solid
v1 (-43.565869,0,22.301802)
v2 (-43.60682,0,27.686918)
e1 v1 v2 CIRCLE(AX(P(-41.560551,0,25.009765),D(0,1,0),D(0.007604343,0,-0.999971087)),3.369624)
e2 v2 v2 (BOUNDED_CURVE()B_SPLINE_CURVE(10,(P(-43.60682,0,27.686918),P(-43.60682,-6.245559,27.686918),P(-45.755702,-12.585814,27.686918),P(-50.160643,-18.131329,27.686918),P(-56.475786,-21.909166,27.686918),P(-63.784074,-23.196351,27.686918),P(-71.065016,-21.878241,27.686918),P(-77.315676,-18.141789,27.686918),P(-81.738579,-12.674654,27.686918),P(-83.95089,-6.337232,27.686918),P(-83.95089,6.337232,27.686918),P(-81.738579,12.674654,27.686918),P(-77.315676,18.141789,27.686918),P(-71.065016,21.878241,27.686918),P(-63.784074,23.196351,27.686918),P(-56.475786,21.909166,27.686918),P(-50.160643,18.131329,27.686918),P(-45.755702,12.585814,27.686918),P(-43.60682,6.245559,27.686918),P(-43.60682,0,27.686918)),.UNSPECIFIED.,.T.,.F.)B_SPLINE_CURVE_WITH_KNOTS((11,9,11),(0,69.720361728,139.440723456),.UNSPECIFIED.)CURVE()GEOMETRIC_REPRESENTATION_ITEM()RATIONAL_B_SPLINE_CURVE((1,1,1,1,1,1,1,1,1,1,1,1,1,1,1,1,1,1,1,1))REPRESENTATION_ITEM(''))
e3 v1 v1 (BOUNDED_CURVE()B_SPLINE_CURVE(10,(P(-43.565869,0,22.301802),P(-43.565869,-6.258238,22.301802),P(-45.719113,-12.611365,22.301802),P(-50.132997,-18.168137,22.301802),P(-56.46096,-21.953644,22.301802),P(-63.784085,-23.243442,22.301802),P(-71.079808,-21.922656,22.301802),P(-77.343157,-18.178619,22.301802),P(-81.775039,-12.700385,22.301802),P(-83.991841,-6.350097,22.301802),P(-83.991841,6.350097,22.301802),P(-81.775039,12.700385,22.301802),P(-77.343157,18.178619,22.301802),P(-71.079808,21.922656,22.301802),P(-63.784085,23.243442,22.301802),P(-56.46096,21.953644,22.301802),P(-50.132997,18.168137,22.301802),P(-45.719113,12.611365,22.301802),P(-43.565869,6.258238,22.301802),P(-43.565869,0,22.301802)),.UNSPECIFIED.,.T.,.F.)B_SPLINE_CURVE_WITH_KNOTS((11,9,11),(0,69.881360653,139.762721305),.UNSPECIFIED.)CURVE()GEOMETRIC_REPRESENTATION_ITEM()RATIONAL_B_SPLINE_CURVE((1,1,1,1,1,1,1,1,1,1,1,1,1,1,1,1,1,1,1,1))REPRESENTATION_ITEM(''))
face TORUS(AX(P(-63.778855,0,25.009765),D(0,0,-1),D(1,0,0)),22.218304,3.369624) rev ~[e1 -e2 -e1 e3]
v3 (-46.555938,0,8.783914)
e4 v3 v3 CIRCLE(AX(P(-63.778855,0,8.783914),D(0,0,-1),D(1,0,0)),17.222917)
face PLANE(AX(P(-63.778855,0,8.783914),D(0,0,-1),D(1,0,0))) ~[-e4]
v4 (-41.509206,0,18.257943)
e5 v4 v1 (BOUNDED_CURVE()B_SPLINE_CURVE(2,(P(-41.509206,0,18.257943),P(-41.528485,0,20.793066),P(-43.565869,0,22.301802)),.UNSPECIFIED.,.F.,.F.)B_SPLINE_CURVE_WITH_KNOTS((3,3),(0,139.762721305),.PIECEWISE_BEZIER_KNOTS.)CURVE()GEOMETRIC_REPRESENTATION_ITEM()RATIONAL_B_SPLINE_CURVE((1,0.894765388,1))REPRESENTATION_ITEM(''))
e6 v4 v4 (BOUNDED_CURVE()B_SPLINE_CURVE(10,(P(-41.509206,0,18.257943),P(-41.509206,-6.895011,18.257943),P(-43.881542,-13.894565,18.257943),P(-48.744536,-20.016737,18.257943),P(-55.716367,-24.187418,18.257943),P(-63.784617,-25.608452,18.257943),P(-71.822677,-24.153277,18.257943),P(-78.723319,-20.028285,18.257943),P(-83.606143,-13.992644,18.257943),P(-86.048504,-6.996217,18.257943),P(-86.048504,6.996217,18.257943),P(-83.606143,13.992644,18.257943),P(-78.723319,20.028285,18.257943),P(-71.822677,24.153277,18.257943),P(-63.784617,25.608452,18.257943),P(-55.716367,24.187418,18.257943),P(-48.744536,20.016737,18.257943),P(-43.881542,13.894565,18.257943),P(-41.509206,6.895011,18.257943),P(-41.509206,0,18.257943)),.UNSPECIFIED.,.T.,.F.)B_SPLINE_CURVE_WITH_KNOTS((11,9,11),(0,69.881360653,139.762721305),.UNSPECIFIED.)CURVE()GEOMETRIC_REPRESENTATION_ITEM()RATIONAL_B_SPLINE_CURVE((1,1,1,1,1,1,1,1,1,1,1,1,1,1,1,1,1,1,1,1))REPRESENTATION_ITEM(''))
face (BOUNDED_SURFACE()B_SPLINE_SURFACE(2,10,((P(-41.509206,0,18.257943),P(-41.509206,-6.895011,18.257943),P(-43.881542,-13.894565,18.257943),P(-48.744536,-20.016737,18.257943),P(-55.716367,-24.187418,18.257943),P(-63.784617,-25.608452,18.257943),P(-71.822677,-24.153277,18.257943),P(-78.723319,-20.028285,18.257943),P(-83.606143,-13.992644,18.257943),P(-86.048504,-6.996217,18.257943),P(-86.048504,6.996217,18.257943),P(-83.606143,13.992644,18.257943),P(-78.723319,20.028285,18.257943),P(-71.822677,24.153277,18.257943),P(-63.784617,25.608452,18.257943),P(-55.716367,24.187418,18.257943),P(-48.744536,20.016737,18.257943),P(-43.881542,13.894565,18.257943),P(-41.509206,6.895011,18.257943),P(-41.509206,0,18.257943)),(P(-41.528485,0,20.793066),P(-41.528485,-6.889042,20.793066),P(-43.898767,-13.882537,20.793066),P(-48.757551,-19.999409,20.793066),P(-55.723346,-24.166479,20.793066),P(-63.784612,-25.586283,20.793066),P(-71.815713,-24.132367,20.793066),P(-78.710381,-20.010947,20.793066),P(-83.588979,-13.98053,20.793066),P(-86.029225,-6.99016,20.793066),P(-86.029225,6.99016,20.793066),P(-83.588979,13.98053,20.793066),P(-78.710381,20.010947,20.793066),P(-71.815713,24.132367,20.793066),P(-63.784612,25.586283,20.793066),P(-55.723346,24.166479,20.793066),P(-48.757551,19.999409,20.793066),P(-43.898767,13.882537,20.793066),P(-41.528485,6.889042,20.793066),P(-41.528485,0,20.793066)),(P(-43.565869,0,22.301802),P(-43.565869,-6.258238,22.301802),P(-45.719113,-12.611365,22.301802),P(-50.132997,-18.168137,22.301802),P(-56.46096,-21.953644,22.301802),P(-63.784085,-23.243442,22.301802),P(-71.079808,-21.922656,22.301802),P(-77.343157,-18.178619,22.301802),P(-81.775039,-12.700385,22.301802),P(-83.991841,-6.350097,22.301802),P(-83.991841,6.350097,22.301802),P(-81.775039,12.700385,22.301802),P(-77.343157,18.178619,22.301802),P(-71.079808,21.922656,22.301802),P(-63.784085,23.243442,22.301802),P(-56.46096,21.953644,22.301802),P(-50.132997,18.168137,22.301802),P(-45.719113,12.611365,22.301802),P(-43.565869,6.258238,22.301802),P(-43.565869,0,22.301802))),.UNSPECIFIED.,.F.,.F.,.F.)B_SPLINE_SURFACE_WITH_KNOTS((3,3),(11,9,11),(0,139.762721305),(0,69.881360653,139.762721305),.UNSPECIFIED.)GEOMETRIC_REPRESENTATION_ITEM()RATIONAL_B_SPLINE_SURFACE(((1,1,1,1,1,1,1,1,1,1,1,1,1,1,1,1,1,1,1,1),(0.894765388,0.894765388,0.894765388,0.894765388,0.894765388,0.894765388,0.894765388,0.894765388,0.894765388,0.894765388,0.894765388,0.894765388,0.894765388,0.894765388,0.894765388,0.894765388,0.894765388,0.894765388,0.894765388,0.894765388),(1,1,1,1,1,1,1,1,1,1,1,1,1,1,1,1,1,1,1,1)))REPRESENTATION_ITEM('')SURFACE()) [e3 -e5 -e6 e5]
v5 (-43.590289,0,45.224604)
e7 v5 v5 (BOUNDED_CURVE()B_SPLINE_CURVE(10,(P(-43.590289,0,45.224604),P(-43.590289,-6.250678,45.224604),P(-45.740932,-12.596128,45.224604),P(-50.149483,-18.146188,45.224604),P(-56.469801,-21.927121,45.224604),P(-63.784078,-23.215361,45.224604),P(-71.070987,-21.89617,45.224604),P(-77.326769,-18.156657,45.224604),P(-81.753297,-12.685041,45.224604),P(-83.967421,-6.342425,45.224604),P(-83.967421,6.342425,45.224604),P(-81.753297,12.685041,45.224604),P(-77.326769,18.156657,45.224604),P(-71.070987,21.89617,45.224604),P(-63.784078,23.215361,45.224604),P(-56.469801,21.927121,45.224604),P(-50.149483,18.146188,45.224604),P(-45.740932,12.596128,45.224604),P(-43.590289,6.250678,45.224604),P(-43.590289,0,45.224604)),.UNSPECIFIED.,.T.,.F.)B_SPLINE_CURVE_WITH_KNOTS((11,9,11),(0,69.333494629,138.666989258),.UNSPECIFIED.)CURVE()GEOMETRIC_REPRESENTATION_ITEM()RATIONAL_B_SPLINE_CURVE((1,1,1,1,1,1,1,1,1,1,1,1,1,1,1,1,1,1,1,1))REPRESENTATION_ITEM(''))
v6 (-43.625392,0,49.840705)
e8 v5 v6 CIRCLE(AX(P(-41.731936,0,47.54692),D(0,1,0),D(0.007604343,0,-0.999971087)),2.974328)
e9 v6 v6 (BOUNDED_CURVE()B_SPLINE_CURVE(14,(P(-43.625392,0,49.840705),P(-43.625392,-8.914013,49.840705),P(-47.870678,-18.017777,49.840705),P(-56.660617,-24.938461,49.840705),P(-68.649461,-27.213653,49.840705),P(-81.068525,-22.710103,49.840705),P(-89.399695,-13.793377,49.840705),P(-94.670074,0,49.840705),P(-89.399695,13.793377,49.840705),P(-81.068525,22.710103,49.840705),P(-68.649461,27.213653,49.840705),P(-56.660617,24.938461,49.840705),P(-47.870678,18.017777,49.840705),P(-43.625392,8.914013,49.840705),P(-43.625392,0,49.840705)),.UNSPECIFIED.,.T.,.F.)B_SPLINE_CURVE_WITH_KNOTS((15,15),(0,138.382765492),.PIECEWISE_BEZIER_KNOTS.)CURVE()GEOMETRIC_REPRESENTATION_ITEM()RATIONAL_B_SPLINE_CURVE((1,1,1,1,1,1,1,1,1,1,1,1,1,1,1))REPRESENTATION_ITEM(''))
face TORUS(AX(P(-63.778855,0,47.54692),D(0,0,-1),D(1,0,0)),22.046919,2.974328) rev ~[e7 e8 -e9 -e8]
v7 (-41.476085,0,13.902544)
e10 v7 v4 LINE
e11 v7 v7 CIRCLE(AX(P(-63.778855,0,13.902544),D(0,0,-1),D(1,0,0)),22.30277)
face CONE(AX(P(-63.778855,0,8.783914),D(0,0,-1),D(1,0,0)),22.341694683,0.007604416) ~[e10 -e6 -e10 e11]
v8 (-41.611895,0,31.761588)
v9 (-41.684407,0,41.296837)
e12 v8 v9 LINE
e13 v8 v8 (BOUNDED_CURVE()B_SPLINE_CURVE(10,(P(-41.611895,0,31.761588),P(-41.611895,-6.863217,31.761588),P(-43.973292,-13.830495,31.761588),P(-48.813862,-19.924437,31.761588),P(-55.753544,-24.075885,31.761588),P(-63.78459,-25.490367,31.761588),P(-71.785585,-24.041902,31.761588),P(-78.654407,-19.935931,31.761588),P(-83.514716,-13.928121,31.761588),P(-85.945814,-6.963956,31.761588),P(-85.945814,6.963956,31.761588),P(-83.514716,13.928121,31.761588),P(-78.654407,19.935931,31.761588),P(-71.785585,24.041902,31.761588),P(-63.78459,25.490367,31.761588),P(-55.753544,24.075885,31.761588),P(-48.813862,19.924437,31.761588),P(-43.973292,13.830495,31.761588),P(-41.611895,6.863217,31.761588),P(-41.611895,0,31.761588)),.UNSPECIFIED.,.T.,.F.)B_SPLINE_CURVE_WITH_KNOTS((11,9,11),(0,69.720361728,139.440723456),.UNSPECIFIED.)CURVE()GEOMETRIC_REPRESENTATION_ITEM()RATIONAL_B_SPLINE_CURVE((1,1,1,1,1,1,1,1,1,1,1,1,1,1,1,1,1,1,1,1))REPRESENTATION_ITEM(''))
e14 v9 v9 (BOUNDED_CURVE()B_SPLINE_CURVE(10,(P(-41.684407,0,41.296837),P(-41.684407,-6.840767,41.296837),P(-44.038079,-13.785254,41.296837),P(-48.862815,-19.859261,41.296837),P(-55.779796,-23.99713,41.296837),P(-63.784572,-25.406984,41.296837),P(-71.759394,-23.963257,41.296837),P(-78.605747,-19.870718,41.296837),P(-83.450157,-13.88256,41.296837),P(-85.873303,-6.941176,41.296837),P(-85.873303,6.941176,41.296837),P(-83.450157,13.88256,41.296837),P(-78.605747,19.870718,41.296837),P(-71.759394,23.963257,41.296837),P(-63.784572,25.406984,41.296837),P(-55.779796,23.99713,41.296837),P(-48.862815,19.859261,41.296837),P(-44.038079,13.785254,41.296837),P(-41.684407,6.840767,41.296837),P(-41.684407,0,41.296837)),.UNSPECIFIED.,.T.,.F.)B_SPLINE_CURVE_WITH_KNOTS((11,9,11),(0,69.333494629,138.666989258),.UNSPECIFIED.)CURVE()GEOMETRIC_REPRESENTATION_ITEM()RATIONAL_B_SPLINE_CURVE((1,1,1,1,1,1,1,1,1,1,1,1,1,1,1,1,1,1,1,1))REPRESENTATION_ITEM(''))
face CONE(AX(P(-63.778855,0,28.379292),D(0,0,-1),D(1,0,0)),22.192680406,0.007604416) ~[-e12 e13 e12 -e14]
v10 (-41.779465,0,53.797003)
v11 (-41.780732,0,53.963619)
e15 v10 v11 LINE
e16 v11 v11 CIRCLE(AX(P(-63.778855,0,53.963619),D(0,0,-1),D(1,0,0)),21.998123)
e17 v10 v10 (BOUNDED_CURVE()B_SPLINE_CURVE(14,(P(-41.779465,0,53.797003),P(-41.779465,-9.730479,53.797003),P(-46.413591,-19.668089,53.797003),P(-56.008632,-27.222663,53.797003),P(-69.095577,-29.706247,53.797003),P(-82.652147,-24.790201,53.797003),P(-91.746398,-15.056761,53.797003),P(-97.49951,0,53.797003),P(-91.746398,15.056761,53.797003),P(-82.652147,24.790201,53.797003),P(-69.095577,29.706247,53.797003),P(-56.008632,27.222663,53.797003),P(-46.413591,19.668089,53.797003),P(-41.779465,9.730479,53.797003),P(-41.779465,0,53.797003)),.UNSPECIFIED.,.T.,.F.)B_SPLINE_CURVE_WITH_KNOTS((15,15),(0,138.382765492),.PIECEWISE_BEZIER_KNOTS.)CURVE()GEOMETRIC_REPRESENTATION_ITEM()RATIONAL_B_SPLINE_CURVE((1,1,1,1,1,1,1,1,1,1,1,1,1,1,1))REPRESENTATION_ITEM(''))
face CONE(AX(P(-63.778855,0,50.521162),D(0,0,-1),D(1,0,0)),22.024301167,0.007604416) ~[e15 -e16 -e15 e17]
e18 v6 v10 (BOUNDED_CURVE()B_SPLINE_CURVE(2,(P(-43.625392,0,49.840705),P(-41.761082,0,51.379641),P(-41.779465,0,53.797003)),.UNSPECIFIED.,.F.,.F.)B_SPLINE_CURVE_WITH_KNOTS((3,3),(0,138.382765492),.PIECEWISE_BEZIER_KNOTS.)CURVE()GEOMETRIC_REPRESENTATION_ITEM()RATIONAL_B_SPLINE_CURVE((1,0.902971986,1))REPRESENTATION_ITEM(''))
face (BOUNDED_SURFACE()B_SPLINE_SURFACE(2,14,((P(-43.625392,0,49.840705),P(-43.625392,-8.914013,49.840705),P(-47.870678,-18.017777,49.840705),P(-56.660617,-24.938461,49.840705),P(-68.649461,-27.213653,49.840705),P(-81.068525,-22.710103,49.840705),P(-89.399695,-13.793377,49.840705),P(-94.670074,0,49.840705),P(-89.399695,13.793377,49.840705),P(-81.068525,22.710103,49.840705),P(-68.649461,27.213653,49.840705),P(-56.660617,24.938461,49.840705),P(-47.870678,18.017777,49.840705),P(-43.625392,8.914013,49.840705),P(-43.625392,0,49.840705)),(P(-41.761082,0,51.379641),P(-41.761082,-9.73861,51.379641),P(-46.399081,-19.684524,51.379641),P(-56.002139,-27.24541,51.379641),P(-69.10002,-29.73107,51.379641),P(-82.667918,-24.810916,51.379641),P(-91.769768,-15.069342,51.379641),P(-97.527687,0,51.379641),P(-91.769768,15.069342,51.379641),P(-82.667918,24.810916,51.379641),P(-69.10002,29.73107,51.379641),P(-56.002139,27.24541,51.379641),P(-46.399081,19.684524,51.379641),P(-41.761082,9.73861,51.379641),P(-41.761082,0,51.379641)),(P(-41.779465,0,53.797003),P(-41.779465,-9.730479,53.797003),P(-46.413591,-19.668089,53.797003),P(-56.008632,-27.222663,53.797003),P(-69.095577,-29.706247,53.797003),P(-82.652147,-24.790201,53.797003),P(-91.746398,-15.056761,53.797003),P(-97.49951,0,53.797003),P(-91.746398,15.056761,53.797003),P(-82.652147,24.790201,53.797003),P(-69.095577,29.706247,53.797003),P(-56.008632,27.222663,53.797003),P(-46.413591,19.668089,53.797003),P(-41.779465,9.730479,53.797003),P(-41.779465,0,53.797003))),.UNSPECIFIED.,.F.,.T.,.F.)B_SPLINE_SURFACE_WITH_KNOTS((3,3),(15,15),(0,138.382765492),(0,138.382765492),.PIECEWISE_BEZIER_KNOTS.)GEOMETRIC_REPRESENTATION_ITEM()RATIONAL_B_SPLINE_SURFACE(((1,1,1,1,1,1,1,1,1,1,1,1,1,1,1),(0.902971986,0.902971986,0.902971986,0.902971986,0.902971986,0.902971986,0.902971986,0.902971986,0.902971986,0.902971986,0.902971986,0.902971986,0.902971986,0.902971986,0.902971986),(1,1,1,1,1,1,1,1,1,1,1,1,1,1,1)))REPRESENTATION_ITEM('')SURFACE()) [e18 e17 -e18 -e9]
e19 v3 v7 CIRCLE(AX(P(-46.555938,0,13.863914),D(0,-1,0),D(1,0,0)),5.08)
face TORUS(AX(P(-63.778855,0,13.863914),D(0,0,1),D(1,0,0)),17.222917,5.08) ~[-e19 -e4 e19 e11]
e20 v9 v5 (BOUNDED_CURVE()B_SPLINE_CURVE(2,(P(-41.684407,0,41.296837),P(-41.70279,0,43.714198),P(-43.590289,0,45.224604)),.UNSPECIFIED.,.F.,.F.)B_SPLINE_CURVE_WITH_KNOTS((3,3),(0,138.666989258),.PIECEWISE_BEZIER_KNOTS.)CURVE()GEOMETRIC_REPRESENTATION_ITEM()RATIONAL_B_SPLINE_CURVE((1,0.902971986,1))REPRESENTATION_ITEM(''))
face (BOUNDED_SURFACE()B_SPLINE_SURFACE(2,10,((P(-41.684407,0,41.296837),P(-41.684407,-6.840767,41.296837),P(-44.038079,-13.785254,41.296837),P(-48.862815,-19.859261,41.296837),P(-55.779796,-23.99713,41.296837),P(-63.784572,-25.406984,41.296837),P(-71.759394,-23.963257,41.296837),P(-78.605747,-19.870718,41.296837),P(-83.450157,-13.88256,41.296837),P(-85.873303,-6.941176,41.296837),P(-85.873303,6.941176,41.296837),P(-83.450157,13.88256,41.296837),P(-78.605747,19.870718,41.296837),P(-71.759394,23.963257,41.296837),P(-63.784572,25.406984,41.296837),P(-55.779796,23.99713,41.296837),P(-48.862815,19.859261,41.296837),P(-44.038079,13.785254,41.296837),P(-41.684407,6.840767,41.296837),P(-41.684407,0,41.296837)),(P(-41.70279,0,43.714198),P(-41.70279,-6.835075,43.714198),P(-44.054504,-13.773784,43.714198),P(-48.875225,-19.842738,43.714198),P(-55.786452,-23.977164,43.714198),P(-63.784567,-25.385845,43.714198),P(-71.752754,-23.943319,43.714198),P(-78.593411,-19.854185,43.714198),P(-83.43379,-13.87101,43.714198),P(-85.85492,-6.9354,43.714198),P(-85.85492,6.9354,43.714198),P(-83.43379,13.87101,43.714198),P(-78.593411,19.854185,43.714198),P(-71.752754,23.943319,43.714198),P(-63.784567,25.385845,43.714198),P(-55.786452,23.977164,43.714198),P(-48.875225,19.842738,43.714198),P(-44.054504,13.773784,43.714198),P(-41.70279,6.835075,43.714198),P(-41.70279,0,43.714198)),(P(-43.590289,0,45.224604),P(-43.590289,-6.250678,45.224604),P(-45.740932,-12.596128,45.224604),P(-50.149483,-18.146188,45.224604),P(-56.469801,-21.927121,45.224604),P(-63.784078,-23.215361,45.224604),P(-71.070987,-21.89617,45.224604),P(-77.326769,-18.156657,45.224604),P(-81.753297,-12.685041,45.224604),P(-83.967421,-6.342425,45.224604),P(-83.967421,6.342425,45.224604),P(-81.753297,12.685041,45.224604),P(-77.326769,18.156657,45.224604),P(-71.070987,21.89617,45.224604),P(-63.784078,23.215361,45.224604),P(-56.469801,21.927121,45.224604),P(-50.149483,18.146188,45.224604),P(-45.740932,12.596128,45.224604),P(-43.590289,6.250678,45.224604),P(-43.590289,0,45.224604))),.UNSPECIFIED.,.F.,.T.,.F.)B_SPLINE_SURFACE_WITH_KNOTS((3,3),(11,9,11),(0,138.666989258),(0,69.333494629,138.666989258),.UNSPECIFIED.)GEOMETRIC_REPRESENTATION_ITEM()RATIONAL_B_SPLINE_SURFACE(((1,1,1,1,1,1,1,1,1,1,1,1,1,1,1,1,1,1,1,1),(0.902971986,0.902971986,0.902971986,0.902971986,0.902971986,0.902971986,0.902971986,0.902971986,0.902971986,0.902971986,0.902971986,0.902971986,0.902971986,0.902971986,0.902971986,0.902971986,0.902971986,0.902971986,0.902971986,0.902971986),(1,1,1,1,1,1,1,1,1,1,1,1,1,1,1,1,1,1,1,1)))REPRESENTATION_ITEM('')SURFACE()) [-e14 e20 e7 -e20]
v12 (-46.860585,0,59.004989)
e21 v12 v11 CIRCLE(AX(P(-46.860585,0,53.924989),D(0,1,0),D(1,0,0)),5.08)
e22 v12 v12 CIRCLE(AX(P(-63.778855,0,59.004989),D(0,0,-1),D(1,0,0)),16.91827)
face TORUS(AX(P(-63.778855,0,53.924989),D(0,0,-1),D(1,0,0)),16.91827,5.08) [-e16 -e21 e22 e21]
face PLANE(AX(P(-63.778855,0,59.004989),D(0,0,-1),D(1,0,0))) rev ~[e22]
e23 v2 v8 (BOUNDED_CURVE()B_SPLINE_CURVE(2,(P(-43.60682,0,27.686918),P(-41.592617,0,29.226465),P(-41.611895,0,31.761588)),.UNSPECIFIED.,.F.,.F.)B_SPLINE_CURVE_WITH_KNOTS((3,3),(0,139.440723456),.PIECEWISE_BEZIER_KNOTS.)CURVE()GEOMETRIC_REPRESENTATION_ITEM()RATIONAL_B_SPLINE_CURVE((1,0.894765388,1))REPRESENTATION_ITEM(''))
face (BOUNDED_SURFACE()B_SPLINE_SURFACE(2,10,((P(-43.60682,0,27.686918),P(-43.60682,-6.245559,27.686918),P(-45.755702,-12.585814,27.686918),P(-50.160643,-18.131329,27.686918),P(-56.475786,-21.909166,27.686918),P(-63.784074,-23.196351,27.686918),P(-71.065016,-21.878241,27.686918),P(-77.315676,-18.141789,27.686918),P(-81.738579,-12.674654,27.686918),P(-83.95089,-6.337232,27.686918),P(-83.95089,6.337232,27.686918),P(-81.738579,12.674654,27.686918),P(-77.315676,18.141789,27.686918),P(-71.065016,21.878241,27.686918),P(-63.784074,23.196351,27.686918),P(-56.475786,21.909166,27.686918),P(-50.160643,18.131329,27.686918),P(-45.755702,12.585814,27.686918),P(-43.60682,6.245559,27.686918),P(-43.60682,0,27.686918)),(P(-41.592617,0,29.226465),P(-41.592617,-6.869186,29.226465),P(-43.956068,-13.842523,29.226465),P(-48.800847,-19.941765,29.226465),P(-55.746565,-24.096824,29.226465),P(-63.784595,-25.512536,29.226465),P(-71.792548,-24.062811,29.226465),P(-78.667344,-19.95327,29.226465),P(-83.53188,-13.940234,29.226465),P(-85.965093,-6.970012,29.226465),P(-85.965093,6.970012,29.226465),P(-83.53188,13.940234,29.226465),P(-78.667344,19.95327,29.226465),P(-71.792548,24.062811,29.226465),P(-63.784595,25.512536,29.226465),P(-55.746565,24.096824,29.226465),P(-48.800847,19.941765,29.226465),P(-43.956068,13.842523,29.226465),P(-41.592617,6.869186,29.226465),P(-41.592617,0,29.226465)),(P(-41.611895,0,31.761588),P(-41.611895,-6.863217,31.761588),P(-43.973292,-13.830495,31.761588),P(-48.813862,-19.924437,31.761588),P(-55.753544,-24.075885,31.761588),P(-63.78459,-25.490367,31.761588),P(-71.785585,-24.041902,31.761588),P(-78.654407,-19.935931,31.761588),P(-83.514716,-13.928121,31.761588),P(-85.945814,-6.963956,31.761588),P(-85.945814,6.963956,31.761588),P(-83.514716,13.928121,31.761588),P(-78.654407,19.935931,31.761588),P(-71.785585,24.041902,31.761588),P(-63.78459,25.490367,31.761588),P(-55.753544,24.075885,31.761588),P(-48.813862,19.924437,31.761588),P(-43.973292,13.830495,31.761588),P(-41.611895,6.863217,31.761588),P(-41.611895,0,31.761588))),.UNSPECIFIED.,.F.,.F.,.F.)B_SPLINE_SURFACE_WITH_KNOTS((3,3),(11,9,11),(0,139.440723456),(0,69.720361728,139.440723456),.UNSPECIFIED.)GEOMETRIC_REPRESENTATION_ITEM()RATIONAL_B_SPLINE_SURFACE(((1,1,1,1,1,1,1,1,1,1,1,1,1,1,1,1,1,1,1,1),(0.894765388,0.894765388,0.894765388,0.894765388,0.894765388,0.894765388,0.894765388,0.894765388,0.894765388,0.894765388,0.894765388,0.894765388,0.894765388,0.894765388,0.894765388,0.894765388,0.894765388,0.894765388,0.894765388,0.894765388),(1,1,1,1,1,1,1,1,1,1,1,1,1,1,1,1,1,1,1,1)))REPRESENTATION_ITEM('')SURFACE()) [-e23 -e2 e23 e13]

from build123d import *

# Parameters (mm, degrees)
F2_R = 5.08


with BuildPart() as f1:
    # F0 (on Front) → F1 (revolve)
    with BuildSketch(Plane.XZ):
        with BuildLine():
            Line((-41.8190695345, 59.0049885213), (-63.7788549066, 59.0049885213))
            Line((-63.7788549066, 59.0049885213), (-63.7788549066, 8.7839141488))
            Line((-63.7788549066, 8.7839141488), (-41.4371602237, 8.7839141488))
            Line((-41.4371602237, 8.7839141488), (-41.5349269509, 21.6402387715))
            ThreePointArc((-41.5349269509, 21.6402387715), (-44.9300771019, 24.9841413731), (-41.5861745003, 28.379291524))
            Line((-41.5861745003, 28.379291524), (-41.7093181225, 44.5726778362))
            ThreePointArc((-41.7093181225, 44.5726778362), (-44.7061777781, 47.5243018744), (-41.7545537399, 50.52116153))
            Line((-41.7545537399, 50.52116153), (-41.8190695345, 59.0049885213))
        make_face()
    revolve(axis=Axis((-63.7788549066, 0, 33.8944513351), (0, 0, -1)))

    # F2
    f2_edges = [f1.edges().sort_by_distance(p)[0] for p in [
        (-85.73864, 0, 59.004989),
        (-85.803156, 0, 50.521162),
        (-85.848392, 0, 44.572678),
        (-85.971535, 0, 28.379292),
        (-86.022783, 0, 21.640239),
        (-44.930077, 0, 24.984141),
        (-86.12055, 0, 8.783914),
    ]]
    fillet(f2_edges, radius=F2_R)


solid = f1.part
